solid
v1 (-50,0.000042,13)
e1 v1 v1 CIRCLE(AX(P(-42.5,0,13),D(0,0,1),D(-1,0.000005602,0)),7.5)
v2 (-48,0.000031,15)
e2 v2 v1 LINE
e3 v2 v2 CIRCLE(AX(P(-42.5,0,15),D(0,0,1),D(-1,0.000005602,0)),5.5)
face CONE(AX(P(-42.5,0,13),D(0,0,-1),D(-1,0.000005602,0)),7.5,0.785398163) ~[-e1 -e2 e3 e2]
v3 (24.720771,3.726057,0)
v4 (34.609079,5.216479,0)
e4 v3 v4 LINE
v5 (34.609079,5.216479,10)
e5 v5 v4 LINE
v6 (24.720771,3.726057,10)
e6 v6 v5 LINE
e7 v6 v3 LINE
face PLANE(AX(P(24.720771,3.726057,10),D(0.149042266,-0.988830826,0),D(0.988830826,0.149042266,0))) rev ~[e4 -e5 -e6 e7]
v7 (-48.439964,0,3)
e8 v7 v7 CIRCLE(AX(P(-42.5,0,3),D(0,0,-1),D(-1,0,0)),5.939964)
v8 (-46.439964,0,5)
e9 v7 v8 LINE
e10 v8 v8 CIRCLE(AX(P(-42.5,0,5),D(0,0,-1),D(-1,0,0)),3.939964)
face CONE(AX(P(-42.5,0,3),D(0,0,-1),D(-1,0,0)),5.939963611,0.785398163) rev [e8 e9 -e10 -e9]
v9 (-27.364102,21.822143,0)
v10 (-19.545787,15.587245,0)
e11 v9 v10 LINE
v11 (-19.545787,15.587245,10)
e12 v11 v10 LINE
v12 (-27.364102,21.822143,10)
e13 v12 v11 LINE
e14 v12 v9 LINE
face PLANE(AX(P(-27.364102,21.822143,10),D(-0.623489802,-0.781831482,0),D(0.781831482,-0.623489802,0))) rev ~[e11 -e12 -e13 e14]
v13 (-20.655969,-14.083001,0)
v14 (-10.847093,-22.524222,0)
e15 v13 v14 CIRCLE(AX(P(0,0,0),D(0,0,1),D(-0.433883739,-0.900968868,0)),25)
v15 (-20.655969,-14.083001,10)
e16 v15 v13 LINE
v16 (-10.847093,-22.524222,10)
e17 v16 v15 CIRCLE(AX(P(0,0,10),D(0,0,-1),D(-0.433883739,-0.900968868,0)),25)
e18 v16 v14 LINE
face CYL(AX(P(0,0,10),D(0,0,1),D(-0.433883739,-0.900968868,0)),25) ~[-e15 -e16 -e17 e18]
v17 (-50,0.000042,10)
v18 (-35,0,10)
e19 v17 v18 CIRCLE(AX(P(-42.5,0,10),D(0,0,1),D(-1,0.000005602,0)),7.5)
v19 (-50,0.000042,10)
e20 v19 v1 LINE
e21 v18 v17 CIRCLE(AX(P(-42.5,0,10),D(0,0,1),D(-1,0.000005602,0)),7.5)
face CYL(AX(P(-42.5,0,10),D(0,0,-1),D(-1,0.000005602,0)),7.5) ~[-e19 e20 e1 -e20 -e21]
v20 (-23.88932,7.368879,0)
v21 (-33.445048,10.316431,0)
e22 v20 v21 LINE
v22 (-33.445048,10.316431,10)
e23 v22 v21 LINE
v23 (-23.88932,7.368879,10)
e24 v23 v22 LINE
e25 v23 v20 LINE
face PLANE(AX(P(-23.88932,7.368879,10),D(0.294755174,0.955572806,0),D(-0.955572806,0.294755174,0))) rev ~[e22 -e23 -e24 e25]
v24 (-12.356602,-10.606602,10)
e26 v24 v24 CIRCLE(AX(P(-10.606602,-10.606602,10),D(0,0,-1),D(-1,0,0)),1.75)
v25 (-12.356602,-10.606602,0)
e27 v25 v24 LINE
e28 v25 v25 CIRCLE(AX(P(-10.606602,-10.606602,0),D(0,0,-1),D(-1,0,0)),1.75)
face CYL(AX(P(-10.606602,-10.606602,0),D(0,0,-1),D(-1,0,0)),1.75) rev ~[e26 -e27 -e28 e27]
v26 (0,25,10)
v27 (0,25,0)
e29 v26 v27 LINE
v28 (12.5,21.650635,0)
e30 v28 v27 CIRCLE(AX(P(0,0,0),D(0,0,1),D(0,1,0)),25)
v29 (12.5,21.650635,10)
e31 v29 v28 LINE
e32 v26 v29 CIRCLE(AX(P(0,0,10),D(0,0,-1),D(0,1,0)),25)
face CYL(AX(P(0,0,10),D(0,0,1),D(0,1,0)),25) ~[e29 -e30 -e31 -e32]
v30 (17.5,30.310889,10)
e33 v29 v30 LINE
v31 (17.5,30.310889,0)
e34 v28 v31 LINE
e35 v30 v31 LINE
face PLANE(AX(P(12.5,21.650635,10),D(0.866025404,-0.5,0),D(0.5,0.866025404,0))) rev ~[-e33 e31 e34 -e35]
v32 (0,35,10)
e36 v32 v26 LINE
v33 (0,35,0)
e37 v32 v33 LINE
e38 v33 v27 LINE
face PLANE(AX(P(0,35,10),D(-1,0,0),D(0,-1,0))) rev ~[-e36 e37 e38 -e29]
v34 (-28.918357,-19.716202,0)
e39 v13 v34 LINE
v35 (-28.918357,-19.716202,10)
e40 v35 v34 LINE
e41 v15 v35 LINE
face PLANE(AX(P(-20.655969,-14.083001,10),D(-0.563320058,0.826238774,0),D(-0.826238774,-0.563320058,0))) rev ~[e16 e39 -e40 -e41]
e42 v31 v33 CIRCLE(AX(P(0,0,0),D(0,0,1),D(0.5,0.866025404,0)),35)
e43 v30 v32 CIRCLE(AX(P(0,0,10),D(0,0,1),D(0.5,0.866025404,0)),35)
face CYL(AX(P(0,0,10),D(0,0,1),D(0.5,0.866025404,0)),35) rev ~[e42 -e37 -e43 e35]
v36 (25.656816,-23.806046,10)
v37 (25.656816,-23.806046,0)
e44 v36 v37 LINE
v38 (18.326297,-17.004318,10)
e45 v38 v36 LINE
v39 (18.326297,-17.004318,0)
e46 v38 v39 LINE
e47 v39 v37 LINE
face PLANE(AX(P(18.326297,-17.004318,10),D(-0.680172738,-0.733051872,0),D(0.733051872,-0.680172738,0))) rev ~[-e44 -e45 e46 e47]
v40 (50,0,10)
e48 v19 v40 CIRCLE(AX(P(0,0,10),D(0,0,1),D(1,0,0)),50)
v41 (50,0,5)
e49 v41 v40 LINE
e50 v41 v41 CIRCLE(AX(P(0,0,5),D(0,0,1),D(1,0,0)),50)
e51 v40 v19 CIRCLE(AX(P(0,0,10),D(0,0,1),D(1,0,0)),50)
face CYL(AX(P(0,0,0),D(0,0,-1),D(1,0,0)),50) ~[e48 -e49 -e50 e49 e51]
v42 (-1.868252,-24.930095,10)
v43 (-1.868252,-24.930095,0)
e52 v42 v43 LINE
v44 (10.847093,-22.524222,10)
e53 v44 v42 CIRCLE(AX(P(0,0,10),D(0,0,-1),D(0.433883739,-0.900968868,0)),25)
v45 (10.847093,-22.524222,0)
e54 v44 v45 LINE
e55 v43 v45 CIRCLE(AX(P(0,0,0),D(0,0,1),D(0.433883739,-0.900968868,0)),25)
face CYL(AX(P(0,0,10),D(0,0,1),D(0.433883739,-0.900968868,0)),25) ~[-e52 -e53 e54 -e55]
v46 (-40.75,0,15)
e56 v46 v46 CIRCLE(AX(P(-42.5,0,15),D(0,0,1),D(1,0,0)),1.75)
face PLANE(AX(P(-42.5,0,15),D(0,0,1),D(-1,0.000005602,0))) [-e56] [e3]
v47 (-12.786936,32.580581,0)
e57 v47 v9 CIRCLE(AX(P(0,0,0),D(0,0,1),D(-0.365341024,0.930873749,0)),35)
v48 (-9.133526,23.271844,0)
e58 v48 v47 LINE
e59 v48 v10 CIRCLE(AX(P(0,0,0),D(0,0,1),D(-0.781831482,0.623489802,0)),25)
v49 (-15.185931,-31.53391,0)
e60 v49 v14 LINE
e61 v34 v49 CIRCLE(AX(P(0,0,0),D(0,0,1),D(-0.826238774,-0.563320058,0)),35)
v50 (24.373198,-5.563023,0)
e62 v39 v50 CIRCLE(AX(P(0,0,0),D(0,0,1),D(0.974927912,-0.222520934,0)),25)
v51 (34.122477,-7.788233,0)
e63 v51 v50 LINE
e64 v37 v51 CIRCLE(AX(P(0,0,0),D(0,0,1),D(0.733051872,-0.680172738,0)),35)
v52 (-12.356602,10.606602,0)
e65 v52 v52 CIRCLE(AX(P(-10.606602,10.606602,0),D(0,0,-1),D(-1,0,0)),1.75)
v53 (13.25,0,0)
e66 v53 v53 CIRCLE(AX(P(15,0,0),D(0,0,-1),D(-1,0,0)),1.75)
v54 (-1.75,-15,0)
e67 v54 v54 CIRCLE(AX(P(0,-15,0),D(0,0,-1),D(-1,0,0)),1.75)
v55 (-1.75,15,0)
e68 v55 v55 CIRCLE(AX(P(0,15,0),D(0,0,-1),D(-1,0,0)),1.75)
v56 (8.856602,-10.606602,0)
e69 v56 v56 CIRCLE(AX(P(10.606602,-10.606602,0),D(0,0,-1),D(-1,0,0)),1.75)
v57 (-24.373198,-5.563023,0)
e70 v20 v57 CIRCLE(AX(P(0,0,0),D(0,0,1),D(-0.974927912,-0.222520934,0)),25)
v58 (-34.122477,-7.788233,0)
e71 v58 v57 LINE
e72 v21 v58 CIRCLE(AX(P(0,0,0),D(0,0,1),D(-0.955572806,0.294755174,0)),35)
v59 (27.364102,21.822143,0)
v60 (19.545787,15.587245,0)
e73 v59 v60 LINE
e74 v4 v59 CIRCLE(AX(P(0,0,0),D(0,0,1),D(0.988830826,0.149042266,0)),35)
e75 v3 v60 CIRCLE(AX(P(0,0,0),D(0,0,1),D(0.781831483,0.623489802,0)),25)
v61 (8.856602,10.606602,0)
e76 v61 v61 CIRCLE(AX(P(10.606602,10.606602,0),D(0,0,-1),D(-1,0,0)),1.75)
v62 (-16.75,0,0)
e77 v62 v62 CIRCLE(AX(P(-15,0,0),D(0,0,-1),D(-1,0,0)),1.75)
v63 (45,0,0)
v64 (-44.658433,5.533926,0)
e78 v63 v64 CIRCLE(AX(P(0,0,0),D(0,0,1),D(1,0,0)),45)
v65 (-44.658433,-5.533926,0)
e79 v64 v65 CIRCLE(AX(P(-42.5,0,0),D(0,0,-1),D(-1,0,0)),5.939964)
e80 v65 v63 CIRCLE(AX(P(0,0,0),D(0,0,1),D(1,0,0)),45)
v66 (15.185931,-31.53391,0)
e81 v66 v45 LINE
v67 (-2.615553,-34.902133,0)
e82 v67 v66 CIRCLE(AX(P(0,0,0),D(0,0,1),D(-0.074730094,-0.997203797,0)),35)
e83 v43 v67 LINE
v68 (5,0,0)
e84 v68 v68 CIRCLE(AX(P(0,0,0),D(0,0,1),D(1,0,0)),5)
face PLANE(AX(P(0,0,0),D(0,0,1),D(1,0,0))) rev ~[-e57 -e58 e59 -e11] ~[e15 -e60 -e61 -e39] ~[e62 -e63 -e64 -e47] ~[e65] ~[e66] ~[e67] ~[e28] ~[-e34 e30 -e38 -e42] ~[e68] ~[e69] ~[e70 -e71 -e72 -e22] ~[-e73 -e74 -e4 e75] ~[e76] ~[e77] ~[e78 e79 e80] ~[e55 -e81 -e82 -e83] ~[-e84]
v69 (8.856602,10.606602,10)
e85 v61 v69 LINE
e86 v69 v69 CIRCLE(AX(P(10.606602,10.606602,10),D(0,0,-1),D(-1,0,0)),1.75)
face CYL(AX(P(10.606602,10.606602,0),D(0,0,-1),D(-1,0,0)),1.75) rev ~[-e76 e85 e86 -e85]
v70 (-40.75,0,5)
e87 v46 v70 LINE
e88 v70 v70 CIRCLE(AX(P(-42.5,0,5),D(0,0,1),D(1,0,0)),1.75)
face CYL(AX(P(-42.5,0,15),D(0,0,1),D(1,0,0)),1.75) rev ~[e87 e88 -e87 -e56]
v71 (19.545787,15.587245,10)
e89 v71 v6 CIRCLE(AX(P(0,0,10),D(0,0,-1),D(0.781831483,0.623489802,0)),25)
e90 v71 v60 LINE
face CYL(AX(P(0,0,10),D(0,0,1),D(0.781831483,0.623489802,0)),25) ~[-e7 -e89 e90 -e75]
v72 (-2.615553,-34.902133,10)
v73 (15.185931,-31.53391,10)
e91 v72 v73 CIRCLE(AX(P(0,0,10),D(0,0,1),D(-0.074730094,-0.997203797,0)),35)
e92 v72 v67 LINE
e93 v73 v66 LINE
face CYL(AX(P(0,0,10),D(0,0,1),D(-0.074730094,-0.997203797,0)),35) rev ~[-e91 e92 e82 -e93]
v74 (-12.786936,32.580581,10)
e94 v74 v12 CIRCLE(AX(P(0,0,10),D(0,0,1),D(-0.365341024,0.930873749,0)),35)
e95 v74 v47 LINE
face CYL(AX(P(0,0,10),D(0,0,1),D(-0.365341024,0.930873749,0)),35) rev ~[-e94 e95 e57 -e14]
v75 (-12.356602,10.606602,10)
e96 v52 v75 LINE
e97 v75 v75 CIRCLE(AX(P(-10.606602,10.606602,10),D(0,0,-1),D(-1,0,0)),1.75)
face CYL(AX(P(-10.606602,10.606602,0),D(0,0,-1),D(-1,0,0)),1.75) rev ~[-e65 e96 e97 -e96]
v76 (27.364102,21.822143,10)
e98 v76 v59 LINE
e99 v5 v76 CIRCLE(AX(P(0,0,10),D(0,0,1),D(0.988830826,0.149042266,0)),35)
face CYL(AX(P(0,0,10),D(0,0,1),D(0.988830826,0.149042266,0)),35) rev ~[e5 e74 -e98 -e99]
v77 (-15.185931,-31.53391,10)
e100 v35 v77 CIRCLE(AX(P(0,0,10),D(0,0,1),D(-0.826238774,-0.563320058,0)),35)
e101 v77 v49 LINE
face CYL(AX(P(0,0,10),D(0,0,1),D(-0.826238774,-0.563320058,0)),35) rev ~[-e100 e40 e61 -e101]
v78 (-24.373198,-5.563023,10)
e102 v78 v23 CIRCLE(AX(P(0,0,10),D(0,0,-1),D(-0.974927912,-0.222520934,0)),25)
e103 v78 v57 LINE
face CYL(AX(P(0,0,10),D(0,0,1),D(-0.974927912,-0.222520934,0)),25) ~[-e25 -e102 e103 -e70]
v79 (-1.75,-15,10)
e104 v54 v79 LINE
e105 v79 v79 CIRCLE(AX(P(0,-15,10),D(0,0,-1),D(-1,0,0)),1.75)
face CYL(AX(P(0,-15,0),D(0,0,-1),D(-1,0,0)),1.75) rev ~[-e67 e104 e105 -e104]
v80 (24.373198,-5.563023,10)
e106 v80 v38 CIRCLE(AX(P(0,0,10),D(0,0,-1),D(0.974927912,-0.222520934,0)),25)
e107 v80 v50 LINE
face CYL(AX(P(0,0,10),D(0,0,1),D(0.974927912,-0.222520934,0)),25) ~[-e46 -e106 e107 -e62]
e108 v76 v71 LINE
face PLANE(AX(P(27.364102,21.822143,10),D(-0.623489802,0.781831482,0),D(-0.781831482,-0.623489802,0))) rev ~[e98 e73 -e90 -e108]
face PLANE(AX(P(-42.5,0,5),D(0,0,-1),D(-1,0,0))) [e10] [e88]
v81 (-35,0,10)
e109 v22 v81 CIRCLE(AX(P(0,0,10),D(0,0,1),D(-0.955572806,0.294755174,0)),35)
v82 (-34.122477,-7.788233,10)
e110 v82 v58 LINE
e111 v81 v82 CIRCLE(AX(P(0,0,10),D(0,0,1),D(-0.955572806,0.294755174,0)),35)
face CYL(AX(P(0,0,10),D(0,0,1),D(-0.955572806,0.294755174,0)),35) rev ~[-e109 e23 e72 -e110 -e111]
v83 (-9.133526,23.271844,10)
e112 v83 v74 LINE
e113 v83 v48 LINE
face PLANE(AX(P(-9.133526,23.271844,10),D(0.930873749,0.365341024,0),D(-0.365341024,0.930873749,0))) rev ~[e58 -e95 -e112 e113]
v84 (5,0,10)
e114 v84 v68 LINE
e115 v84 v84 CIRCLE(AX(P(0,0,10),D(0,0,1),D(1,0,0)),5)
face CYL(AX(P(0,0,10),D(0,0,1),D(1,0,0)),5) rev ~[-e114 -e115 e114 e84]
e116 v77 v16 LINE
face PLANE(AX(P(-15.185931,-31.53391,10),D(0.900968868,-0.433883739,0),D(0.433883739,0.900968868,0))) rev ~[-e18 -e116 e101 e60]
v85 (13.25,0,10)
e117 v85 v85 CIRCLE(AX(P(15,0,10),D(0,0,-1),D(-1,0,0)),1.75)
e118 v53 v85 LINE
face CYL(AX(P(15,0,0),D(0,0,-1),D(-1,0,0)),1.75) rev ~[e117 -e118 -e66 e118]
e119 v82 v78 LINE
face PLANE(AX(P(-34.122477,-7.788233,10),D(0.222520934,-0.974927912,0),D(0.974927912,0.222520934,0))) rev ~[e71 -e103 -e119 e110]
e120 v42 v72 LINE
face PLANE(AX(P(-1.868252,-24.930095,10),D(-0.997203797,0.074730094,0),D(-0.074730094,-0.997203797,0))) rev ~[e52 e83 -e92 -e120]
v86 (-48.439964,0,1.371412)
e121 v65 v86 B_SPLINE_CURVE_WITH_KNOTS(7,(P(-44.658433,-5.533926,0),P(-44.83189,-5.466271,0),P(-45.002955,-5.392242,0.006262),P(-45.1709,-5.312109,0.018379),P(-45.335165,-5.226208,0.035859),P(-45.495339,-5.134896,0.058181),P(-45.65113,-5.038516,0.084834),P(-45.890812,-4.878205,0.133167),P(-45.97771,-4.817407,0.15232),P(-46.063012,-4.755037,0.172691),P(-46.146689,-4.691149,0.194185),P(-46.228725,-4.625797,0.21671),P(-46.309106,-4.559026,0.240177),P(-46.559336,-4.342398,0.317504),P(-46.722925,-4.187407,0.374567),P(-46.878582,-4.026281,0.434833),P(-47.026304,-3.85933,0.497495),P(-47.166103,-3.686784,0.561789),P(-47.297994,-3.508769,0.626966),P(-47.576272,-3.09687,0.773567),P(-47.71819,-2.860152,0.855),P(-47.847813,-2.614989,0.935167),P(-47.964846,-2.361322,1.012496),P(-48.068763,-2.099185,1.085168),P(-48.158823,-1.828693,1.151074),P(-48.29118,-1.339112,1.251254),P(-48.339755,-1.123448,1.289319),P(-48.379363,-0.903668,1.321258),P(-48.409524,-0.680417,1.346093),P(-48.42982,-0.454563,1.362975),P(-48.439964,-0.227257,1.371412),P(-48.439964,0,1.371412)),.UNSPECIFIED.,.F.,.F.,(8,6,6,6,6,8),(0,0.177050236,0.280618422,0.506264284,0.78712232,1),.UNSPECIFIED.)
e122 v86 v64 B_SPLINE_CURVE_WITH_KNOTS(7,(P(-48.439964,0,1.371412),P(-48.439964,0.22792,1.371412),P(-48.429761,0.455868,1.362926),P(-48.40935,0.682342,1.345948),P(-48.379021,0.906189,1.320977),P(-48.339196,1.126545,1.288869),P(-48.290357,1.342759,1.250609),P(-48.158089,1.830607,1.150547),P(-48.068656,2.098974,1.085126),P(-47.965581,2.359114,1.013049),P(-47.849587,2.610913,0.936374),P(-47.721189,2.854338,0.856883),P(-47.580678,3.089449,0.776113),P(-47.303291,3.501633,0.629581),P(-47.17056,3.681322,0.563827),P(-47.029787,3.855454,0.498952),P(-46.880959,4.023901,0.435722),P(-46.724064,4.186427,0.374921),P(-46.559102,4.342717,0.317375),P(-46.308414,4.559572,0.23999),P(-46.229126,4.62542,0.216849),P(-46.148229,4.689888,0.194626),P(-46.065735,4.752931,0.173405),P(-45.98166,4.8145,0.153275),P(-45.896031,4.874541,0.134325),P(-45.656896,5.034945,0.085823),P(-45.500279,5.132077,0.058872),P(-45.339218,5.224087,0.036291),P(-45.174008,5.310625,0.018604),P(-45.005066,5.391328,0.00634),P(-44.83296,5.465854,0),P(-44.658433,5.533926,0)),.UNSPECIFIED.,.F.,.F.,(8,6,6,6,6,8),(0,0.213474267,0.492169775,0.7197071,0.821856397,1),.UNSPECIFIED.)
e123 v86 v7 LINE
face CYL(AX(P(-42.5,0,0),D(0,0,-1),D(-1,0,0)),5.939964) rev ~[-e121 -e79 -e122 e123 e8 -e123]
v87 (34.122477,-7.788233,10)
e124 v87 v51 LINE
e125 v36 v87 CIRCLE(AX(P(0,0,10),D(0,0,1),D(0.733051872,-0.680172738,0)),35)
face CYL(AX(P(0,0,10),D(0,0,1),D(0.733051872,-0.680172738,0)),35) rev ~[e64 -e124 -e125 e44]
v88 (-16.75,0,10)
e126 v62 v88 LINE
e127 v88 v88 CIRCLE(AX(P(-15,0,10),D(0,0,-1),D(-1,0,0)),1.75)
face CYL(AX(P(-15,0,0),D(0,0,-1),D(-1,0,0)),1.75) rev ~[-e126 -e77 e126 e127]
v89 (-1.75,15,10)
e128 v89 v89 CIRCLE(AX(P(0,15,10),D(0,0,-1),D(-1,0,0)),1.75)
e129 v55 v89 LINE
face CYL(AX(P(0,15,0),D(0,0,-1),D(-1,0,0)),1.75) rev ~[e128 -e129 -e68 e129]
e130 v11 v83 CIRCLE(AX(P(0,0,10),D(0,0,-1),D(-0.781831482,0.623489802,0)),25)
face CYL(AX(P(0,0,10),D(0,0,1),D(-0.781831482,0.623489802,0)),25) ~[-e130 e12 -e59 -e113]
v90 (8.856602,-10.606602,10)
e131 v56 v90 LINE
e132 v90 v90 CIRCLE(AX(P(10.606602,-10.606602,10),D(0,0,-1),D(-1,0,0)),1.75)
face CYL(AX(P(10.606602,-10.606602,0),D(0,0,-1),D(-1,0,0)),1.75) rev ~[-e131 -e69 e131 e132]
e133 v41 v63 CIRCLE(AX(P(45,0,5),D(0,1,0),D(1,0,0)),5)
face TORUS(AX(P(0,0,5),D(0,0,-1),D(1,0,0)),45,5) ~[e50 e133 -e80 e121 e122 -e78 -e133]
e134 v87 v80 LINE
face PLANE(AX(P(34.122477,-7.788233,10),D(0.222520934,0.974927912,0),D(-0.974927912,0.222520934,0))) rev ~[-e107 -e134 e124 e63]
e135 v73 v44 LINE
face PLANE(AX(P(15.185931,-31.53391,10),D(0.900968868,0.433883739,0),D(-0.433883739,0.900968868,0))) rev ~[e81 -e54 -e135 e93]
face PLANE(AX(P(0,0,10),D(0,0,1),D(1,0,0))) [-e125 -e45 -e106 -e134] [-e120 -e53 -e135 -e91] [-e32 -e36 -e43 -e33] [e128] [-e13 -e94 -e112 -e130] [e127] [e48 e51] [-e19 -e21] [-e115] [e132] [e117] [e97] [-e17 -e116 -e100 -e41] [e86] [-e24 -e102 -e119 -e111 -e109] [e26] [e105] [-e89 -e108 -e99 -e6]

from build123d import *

# Parameters (mm, degrees)
SKETCH1_R           = 50
BOSS_EXTRUDE1_DEPTH = 10
SKETCH2_R           = 5
CUT_EXTRUDE1_DEPTH  = 72.414284285
FILLET1_R           = 5
SKETCH3_R           = 1.75
CUT_EXTRUDE2_DEPTH  = 72.414284425
SKETCH5_R           = 7.5
BOSS_EXTRUDE2_DEPTH = 5
SKETCH6_R           = 1.75
CUT_EXTRUDE3_DEPTH  = 73.284161612
SKETCH7_R           = 5.939963611
CUT_EXTRUDE4_DEPTH  = 5
CHAMFER1_SIZE       = 2
CHAMFER2_SIZE       = 2
CUT_EXTRUDE5_DEPTH  = 72.414284439
CIRPATTERN1_COUNT   = 7


with BuildPart() as part:
    # Sketch1 → Boss-Extrude1 (new body)
    with BuildSketch(Plane.XY):
        Circle(SKETCH1_R)
    extrude(amount=BOSS_EXTRUDE1_DEPTH)

    # Sketch2 → Cut-Extrude1 (cut, through all)
    with BuildSketch(Plane.XY.offset(10)):
        Circle(SKETCH2_R)
    extrude(amount=-CUT_EXTRUDE1_DEPTH, mode=Mode.SUBTRACT)

    # Fillet1
    fillet1_edges = [part.edges().sort_by_distance(p)[0] for p in [
        (-50, 0, 0),
    ]]
    fillet(fillet1_edges, radius=FILLET1_R)

    # Sketch3 → Cut-Extrude2 (cut, through all)
    with BuildSketch(Plane(origin=(0, 0, 0), x_dir=(-1, 0, 0), z_dir=(0, 0, -1))):
        with Locations((0, 15)):
            Circle(SKETCH3_R)
        with Locations((10.606601718, 10.606601718)):
            Circle(SKETCH3_R)
        with Locations((15, 0)):
            Circle(SKETCH3_R)
        with Locations((10.606601718, -10.606601718)):
            Circle(SKETCH3_R)
        with Locations((0, -15)):
            Circle(SKETCH3_R)
        with Locations((-10.606601718, -10.606601718)):
            Circle(SKETCH3_R)
        with Locations((-15, 0)):
            Circle(SKETCH3_R)
        with Locations((-10.606601718, 10.606601718)):
            Circle(SKETCH3_R)
    extrude(amount=-CUT_EXTRUDE2_DEPTH, mode=Mode.SUBTRACT)

    # Sketch5 → Boss-Extrude2 (add)
    with BuildSketch(Plane.XY.offset(10)):
        with Locations(Location((-42.5, 0, 0), (0, 0, 179.999679023))):
            Circle(SKETCH5_R)
    extrude(amount=BOSS_EXTRUDE2_DEPTH)

    # Sketch6 → Cut-Extrude3 (cut, through all)
    with BuildSketch(Plane.XY.offset(15)):
        with Locations((-42.5, 0)):
            Circle(SKETCH6_R)
    extrude(amount=-CUT_EXTRUDE3_DEPTH, mode=Mode.SUBTRACT)

    # Sketch7 → Cut-Extrude4 (cut)
    with BuildSketch(Plane(origin=(0, 0, 0), x_dir=(-1, 0, 0), z_dir=(0, 0, -1))):
        with Locations((42.5, 0)):
            Circle(SKETCH7_R)
    extrude(amount=-CUT_EXTRUDE4_DEPTH, mode=Mode.SUBTRACT)

    # Chamfer1
    chamfer1_edges = [part.edges().sort_by_distance(p)[0] for p in [
        (-36.560036389, 0, 5),
    ]]
    chamfer(chamfer1_edges, length=CHAMFER1_SIZE)

    # Chamfer2
    chamfer2_edges = [part.edges().sort_by_distance(p)[0] for p in [
        (-35, -4.2016e-05, 15),
    ]]
    chamfer(chamfer2_edges, length=CHAMFER2_SIZE)

    # Sketch8 → Cut-Extrude5 (cut, through all)
    with BuildSketch(Plane.XY.offset(10)):
        with BuildLine():
            Line((0, 35), (0, 25))
            ThreePointArc((0, 25), (6.470476128, 24.148145657), (12.5, 21.650635095))
            Line((12.5, 21.650635095), (17.5, 30.310889132))
            ThreePointArc((17.5, 30.310889132), (9.058666579, 33.80740392), (0, 35))
        make_face()
    cut_extrude5 = extrude(amount=-CUT_EXTRUDE5_DEPTH, mode=Mode.SUBTRACT)

    # CirPattern1: Cut-Extrude5 ×7 about axis
    cirpattern1_axis = Axis((0, 0, 0), (0, 0, 1))
    for i in range(1, CIRPATTERN1_COUNT):
        add(cut_extrude5.rotate(cirpattern1_axis, i * 360 / CIRPATTERN1_COUNT), mode=Mode.SUBTRACT)


solid = part.part
